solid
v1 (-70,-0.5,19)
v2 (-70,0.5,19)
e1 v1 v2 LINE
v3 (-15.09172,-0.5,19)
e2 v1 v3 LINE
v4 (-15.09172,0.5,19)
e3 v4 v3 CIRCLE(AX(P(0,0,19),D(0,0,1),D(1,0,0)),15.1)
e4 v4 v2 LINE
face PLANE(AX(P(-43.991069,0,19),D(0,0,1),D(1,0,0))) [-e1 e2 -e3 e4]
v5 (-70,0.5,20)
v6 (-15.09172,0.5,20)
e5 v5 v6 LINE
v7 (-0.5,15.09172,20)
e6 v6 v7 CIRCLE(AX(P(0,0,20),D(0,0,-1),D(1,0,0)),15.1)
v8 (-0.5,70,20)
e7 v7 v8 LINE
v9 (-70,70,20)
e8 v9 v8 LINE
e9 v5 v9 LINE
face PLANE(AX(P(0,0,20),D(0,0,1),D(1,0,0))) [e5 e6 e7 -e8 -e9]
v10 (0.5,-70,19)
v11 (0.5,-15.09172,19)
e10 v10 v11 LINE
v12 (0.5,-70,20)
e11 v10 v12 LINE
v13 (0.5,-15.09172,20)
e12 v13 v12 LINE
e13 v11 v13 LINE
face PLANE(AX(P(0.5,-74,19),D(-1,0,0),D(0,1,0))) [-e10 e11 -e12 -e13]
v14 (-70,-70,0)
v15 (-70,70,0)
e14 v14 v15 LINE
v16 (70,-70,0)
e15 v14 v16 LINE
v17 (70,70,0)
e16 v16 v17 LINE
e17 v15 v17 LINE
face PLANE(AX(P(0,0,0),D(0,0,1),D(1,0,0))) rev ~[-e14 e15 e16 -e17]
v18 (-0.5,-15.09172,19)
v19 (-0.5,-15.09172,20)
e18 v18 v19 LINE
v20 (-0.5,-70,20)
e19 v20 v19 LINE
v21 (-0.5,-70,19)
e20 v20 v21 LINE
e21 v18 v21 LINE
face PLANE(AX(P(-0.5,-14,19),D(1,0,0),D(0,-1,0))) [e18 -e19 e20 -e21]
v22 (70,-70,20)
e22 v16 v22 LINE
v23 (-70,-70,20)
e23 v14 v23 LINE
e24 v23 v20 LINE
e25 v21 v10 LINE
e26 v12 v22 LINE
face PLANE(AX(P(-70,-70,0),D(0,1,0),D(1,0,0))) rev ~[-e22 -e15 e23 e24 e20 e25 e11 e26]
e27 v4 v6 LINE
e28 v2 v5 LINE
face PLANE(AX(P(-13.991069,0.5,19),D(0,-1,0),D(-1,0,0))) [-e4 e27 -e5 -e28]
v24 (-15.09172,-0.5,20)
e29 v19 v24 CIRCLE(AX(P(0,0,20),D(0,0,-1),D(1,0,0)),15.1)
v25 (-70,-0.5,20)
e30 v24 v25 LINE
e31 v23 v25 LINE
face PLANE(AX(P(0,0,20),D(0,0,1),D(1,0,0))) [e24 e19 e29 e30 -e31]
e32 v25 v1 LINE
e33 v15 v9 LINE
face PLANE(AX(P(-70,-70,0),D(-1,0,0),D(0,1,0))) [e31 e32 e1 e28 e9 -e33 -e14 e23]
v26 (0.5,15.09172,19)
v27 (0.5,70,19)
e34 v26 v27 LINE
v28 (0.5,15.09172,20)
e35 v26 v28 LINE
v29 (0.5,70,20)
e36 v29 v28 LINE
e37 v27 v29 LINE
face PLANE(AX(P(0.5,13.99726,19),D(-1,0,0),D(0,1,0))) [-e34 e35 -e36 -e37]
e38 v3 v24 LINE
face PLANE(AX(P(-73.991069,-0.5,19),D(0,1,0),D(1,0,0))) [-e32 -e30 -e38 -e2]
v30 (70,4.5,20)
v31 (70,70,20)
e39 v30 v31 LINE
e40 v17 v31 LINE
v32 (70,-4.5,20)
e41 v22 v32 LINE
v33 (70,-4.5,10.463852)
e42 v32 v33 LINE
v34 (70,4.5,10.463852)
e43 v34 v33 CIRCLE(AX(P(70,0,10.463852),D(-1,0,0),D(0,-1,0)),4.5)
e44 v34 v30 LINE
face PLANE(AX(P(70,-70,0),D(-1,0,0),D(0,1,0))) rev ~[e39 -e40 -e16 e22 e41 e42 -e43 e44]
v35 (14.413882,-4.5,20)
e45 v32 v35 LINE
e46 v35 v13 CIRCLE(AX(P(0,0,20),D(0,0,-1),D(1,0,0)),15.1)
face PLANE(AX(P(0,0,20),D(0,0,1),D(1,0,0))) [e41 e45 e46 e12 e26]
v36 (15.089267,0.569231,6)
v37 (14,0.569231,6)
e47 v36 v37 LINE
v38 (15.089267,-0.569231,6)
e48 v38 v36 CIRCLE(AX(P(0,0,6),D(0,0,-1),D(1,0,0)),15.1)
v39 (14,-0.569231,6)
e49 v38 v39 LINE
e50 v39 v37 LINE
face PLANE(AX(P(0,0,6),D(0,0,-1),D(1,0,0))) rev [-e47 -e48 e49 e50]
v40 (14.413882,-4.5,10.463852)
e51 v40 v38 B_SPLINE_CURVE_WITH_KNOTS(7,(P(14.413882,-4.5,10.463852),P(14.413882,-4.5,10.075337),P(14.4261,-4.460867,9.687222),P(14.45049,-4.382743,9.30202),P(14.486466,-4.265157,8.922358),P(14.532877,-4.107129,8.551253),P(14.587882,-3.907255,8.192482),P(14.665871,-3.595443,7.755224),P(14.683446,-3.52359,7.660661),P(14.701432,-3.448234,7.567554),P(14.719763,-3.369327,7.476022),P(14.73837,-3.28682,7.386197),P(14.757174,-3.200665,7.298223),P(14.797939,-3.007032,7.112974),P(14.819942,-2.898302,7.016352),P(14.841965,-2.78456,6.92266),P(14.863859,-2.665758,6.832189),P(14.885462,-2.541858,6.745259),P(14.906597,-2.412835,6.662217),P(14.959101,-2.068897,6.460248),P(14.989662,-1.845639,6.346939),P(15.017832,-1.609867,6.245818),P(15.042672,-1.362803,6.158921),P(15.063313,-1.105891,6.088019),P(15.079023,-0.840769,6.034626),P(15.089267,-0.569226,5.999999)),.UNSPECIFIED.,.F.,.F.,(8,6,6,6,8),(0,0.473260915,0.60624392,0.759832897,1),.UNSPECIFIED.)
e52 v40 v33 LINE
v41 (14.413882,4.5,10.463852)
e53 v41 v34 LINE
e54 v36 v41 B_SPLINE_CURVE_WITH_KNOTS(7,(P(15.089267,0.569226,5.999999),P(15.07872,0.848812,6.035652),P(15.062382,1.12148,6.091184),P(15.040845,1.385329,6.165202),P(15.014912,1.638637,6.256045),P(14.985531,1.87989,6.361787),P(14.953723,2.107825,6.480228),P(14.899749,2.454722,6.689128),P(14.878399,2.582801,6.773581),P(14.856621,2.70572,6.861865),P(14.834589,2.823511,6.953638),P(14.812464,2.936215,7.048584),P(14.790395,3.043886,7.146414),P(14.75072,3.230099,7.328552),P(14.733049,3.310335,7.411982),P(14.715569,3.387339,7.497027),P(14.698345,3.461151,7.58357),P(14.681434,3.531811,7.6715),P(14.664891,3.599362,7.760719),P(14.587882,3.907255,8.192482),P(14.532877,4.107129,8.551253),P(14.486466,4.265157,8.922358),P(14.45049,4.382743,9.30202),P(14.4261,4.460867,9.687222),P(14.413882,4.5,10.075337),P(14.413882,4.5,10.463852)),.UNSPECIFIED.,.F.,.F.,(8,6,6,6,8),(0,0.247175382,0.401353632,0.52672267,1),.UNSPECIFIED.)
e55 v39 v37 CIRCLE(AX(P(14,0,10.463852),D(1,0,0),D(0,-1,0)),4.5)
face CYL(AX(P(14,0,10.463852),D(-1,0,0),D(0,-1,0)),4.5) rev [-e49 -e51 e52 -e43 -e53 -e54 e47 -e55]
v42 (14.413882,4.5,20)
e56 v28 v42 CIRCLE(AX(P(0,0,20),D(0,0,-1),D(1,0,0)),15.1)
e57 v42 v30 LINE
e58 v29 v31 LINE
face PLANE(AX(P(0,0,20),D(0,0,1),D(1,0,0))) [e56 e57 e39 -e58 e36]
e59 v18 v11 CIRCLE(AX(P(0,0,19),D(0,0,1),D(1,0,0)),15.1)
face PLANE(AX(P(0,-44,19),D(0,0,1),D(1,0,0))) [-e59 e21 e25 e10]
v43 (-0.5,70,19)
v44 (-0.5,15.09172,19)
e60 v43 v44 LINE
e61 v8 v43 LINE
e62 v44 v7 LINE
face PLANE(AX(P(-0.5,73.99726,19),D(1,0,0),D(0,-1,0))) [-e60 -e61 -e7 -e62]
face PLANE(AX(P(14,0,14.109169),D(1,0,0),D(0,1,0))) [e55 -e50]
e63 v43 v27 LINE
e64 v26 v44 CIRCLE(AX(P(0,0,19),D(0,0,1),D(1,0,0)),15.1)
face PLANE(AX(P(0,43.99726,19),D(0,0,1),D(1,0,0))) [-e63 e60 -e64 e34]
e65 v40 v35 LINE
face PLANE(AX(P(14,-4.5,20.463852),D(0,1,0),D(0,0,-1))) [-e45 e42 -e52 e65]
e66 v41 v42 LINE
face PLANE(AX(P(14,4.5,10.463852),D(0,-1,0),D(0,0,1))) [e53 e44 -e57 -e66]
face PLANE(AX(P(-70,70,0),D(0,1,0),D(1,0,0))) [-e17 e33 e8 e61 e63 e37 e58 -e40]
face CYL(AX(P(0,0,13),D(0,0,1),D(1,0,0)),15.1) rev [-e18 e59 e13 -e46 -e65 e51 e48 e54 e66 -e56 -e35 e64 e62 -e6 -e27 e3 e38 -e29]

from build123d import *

# Parameters (mm, degrees)
F3_W     = 140
F3_H     = 140
F4_DEPTH = 20
F0_W     = 15.1
F0_H     = 14
F6_START = 14
F6_DEPTH = 136
F7_START = 19
F7_DEPTH = 6


with BuildPart() as f4:
    # F3 (on Top) → F4 (new body)
    with BuildSketch(Plane.XY):
        Rectangle(F3_W, F3_H)
    extrude(amount=F4_DEPTH)

    # F0 (on Front) → F5 (revolve, cut)
    with BuildSketch(Plane.XZ):
        with Locations((7.55, 13)):
            Rectangle(F0_W, F0_H)
    revolve(axis=Axis((0, 0, 13), (0, 0, -1)), mode=Mode.SUBTRACT)

    # F1 (on Right) → F6 (cut)
    with BuildSketch(Plane.YZ.offset(F6_START)):
        with BuildLine():
            Line((4.5, 20.4638522118), (0, 20.4638522118))
            Line((0, 20.4638522118), (-4.5, 20.4638522118))
            Line((-4.5, 20.4638522118), (-4.5, 10.4638522118))
            ThreePointArc((-4.5, 10.4638522118), (0, 5.9638522118), (4.5, 10.4638522118))
            Line((4.5, 10.4638522118), (4.5, 20.4638522118))
        make_face()
    extrude(amount=F6_DEPTH, mode=Mode.SUBTRACT)

    # F2 (on Top) → F7 (cut)
    with BuildSketch(Plane.XY.offset(F7_START)):
        Polygon((14, 0.5), (14, 0), (14, -0.5), (74, -0.5), (74, 0.5), align=None)
        Polygon((0.5, -14), (0, -14), (-0.5, -14), (-0.5, -74), (0.5, -74), align=None)
        Polygon((-13.9910685796, -0.5), (-13.9910685796, 0), (-13.9910685796, 0.5), (-73.9910685796, 0.5), (-73.9910685796, -0.5), align=None)
        Polygon((-0.5, 73.9972595498), (-0.5, 13.9972595498), (0, 13.9972595498), (0.5, 13.9972595498), (0.5, 73.9972595498), align=None)
    extrude(amount=F7_DEPTH, mode=Mode.SUBTRACT)


solid = f4.part
